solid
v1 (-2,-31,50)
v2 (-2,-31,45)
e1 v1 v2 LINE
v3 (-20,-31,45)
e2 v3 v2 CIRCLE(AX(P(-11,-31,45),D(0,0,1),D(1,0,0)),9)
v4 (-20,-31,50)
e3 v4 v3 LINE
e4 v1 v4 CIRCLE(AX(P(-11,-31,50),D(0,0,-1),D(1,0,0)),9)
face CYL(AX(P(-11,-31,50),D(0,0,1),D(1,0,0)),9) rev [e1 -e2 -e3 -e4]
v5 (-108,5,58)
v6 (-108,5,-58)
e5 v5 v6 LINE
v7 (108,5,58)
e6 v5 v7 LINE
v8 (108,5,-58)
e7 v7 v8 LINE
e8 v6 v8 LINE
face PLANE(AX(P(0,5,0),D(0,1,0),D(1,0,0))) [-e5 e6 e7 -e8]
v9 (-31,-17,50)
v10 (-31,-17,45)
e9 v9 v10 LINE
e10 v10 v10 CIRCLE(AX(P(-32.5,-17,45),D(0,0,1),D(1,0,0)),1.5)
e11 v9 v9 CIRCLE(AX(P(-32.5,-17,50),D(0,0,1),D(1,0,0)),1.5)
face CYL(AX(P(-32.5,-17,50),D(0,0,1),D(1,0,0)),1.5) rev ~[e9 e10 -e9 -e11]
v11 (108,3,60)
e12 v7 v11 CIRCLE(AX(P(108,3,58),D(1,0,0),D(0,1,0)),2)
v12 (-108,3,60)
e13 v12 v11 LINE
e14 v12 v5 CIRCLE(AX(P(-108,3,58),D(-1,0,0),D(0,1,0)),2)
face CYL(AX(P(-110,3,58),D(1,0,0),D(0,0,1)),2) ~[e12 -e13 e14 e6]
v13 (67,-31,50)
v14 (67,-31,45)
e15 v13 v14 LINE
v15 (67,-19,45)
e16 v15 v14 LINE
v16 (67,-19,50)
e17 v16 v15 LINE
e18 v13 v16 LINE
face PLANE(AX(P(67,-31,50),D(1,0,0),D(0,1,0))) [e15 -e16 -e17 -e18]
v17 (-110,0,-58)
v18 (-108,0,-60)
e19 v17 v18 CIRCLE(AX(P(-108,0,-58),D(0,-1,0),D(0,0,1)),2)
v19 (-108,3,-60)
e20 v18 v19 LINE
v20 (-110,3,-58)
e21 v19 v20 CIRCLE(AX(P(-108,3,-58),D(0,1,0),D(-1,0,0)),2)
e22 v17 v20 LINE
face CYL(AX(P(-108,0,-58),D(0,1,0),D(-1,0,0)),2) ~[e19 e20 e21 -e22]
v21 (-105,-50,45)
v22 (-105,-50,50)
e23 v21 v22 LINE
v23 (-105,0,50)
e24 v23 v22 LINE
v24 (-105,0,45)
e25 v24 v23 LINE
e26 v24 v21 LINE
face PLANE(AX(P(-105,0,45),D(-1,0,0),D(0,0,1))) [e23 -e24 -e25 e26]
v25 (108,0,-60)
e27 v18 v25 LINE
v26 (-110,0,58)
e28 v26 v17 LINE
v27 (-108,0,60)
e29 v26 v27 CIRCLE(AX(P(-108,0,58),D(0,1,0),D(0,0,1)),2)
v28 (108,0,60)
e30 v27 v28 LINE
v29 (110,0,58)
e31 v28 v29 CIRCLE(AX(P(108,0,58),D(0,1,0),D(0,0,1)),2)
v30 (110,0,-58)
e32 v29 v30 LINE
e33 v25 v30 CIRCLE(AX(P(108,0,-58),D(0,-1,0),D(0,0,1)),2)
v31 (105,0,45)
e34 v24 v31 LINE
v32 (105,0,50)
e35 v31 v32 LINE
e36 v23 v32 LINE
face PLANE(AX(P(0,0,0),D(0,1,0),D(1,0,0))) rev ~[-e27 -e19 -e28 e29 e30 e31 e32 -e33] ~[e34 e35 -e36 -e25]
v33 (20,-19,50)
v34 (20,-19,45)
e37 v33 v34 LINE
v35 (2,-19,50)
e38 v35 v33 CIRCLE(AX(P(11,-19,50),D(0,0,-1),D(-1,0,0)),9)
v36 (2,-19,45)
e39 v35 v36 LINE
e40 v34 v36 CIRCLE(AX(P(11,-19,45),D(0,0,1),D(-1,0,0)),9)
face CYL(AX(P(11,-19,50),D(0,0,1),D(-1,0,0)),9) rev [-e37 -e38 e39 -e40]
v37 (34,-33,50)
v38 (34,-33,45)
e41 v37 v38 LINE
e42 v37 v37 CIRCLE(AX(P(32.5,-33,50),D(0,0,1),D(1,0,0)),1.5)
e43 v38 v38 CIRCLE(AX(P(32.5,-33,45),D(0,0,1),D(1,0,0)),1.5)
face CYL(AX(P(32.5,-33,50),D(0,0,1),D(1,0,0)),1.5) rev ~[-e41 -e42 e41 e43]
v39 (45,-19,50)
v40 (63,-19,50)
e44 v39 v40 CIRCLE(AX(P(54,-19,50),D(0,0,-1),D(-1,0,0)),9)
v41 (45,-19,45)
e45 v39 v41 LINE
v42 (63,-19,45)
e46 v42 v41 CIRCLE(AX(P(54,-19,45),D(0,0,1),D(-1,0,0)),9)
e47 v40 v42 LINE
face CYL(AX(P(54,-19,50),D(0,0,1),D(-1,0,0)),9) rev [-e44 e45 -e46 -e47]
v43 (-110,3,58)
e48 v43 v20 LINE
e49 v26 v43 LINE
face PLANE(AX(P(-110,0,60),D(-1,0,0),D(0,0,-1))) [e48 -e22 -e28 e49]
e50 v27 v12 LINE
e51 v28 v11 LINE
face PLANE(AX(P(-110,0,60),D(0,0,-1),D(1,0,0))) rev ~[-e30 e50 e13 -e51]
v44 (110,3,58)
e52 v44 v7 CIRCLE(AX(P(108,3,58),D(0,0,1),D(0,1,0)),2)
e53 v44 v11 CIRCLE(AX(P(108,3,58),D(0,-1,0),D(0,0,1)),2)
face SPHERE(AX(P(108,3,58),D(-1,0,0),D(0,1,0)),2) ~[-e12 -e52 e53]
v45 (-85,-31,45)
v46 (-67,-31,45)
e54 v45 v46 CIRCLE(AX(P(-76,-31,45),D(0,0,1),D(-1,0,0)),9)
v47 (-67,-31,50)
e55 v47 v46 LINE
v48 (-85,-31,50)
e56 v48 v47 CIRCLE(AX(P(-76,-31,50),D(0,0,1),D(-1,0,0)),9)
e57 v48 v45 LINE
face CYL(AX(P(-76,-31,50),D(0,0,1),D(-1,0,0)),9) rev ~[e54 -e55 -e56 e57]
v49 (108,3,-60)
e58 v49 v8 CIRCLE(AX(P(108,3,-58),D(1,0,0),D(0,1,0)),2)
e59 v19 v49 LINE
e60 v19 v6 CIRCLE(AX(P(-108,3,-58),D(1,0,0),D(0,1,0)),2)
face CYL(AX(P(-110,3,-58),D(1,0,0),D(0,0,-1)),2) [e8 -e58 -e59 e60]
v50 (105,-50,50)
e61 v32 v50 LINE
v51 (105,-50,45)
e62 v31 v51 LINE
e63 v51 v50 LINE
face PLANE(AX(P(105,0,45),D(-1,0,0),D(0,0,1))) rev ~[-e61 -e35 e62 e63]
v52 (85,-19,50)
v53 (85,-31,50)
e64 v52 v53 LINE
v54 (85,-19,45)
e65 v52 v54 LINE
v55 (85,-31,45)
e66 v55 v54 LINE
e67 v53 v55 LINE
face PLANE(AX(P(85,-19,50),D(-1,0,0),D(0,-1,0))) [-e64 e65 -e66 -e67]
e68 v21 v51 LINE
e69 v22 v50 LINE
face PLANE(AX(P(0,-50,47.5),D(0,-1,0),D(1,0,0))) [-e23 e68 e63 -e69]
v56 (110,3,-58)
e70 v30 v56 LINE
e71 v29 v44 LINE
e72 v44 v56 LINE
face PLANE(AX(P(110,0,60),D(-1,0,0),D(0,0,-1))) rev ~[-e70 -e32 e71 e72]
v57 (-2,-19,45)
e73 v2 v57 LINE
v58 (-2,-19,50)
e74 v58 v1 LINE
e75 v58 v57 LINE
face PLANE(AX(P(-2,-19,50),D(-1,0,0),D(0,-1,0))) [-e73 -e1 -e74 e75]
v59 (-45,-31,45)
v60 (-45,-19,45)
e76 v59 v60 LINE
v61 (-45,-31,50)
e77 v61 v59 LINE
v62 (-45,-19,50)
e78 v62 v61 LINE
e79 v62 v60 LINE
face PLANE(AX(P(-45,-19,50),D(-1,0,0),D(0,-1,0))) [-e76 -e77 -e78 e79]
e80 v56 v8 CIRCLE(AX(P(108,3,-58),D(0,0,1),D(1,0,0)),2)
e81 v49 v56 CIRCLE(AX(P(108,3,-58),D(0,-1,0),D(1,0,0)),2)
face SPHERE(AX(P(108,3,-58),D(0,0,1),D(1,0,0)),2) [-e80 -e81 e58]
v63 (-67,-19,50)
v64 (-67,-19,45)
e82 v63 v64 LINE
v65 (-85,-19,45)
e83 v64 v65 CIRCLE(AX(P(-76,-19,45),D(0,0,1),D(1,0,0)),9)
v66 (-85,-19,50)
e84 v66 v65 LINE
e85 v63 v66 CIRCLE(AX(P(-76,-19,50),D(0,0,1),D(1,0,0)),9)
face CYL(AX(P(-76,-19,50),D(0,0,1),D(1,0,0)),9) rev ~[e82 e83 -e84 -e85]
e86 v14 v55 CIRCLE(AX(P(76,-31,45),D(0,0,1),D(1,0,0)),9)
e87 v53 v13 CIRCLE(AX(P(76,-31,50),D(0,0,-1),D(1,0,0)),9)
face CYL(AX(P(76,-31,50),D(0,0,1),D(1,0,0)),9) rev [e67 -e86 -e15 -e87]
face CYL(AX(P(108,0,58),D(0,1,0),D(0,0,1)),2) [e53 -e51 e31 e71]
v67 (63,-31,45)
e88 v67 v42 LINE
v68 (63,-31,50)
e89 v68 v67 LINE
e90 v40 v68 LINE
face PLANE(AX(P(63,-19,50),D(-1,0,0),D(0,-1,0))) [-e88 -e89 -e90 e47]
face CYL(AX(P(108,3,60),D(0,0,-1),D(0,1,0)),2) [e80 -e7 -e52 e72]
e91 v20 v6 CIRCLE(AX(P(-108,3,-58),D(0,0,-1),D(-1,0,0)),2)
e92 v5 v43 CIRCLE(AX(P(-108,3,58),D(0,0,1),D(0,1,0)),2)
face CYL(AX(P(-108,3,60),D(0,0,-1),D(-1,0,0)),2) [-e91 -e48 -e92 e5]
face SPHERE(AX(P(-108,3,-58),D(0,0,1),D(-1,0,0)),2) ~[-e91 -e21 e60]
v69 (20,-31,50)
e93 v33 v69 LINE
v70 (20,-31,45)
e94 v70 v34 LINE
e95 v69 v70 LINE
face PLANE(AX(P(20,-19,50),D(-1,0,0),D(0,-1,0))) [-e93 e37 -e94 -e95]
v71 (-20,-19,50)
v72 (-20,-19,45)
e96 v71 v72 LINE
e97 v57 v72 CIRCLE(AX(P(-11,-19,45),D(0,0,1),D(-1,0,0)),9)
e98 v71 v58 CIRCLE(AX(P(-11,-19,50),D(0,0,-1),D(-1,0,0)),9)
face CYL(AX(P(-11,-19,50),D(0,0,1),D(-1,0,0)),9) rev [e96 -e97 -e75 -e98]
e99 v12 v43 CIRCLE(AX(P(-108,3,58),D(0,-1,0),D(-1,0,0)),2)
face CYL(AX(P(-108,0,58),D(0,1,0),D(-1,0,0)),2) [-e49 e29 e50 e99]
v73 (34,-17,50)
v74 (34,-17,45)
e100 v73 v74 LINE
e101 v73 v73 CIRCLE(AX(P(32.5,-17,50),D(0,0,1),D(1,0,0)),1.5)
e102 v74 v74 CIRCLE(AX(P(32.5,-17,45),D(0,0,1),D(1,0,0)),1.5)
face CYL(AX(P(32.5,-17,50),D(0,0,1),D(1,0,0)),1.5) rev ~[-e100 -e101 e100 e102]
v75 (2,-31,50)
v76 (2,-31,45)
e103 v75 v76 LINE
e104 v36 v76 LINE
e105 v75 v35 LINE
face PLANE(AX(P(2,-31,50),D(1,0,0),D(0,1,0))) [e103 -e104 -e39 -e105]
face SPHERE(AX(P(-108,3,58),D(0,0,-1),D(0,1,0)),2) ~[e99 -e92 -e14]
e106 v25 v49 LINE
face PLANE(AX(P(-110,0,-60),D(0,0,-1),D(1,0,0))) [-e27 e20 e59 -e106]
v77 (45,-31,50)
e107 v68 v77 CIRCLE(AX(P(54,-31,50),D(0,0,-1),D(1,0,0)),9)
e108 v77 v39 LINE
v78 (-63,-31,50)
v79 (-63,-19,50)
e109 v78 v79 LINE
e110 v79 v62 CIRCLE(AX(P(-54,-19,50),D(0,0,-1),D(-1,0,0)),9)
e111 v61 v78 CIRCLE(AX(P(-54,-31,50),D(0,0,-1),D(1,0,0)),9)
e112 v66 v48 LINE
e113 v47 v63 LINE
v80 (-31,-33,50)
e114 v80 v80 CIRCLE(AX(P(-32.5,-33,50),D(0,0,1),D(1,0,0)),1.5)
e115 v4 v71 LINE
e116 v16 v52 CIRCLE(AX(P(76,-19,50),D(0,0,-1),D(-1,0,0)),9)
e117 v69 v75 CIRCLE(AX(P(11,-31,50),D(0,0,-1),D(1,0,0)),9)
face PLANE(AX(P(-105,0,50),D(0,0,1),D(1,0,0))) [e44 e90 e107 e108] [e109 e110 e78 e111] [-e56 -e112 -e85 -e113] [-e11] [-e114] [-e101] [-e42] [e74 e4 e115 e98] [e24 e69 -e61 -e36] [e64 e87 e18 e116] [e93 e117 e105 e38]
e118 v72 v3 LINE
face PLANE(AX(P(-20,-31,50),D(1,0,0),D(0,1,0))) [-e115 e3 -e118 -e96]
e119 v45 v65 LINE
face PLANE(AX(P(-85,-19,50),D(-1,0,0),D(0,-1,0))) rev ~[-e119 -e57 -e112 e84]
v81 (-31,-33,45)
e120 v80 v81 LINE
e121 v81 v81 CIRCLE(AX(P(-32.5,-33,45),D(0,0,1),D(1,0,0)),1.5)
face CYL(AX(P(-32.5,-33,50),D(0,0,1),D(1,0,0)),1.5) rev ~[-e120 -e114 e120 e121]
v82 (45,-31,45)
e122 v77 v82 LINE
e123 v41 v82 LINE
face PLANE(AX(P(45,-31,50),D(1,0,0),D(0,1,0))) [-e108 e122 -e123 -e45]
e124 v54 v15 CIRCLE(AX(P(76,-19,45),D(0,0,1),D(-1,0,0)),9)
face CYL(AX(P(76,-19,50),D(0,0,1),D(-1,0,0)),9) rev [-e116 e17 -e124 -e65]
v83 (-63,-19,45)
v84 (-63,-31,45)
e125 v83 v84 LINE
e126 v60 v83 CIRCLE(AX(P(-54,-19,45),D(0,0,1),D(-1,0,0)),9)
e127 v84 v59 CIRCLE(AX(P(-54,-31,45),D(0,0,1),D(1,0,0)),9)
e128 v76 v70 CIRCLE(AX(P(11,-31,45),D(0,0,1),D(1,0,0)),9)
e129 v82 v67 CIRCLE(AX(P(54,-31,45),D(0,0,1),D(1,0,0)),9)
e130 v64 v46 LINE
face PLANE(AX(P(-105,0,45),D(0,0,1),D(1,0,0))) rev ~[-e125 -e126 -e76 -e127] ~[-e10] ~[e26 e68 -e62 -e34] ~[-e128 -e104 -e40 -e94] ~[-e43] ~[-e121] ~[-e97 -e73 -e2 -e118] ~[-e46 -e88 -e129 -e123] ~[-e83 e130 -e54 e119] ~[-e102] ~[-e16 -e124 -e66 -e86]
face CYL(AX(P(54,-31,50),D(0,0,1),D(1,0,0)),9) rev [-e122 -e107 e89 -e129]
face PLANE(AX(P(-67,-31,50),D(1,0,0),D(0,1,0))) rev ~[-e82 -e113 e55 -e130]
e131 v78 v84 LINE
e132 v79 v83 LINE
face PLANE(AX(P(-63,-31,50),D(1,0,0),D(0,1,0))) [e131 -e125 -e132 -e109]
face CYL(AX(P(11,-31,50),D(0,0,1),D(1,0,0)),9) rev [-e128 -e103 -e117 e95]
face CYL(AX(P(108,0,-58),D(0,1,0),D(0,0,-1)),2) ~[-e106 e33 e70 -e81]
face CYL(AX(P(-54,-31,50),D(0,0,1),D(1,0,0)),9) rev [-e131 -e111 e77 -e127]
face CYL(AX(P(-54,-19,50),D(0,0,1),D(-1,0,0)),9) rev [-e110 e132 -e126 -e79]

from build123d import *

# Parameters (mm, degrees)
CROQUIS1_W              = 220
CROQUIS1_H              = 120
SALIENTE_EXTRUIR1_DEPTH = 5
CROQUIS2_W              = 210
CROQUIS2_H              = 5
SALIENTE_EXTRUIR2_DEPTH = 50
CORTAR_EXTRUIR1_REACH   = 165.401
REDONDEO1_R             = 2
CORTAR_EXTRUIR3_REACH   = 165.401
CROQUIS11_R             = 1.5


with BuildPart() as part:
    # Croquis1 → Saliente-Extruir1 (new body)
    with BuildSketch(Plane(origin=(0, 0, 0), x_dir=(1, 0, 0), z_dir=(0, 1, 0))):
        Rectangle(CROQUIS1_W, CROQUIS1_H)
    extrude(amount=SALIENTE_EXTRUIR1_DEPTH)

    # Croquis2 → Saliente-Extruir2 (add)
    with BuildSketch(Plane.XZ):
        with Locations((0, 47.5)):
            Rectangle(CROQUIS2_W, CROQUIS2_H)
    extrude(amount=SALIENTE_EXTRUIR2_DEPTH)

    # Croquis3 → Cortar-Extruir1 (cut, up to next)
    with BuildSketch(Plane.XY.offset(50), mode=Mode.PRIVATE) as cortar_extruir1_sk1:
        with BuildLine():
            Line((-45, -19), (-45, -31))
            ThreePointArc((-45, -31), (-54, -40), (-63, -31))
            Line((-63, -31), (-63, -19))
            ThreePointArc((-63, -19), (-54, -10), (-45, -19))
        make_face()
    cortar_extruir1_tool1 = extrude(cortar_extruir1_sk1.sketch, amount=-CORTAR_EXTRUIR1_REACH, mode=Mode.PRIVATE) & part.part
    # Croquis3 → Cortar-Extruir1 (cut, up to next)
    with BuildSketch(Plane.XY.offset(50), mode=Mode.PRIVATE) as cortar_extruir1_sk2:
        with BuildLine():
            Line((-85, -19), (-85, -31))
            ThreePointArc((-85, -31), (-76, -40), (-67, -31))
            Line((-67, -31), (-67, -19))
            ThreePointArc((-67, -19), (-76, -10), (-85, -19))
        make_face()
    cortar_extruir1_tool2 = extrude(cortar_extruir1_sk2.sketch, amount=-CORTAR_EXTRUIR1_REACH, mode=Mode.PRIVATE) & part.part
    # Croquis3 → Cortar-Extruir1 (cut, up to next)
    with BuildSketch(Plane.XY.offset(50), mode=Mode.PRIVATE) as cortar_extruir1_sk3:
        with BuildLine():
            Line((20, -19), (20, -31))
            ThreePointArc((20, -31), (11, -40), (2, -31))
            Line((2, -31), (2, -19))
            ThreePointArc((2, -19), (11, -10), (20, -19))
        make_face()
    cortar_extruir1_tool3 = extrude(cortar_extruir1_sk3.sketch, amount=-CORTAR_EXTRUIR1_REACH, mode=Mode.PRIVATE) & part.part
    # Croquis3 → Cortar-Extruir1 (cut, up to next)
    with BuildSketch(Plane.XY.offset(50), mode=Mode.PRIVATE) as cortar_extruir1_sk4:
        with BuildLine():
            Line((-2, -19), (-2, -31))
            ThreePointArc((-2, -31), (-11, -40), (-20, -31))
            Line((-20, -31), (-20, -19))
            ThreePointArc((-20, -19), (-11, -10), (-2, -19))
        make_face()
    cortar_extruir1_tool4 = extrude(cortar_extruir1_sk4.sketch, amount=-CORTAR_EXTRUIR1_REACH, mode=Mode.PRIVATE) & part.part
    # Croquis3 → Cortar-Extruir1 (cut, up to next)
    with BuildSketch(Plane.XY.offset(50), mode=Mode.PRIVATE) as cortar_extruir1_sk5:
        with BuildLine():
            Line((85, -19), (85, -31))
            ThreePointArc((85, -31), (76, -40), (67, -31))
            Line((67, -31), (67, -19))
            ThreePointArc((67, -19), (76, -10), (85, -19))
        make_face()
    cortar_extruir1_tool5 = extrude(cortar_extruir1_sk5.sketch, amount=-CORTAR_EXTRUIR1_REACH, mode=Mode.PRIVATE) & part.part
    # Croquis3 → Cortar-Extruir1 (cut, up to next)
    with BuildSketch(Plane.XY.offset(50), mode=Mode.PRIVATE) as cortar_extruir1_sk6:
        with BuildLine():
            Line((63, -19), (63, -31))
            ThreePointArc((63, -31), (54, -40), (45, -31))
            Line((45, -31), (45, -19))
            ThreePointArc((45, -19), (54, -10), (63, -19))
        make_face()
    cortar_extruir1_tool6 = extrude(cortar_extruir1_sk6.sketch, amount=-CORTAR_EXTRUIR1_REACH, mode=Mode.PRIVATE) & part.part
    add(cortar_extruir1_tool1.solids().sort_by_distance((-54, -25, 50))[0], mode=Mode.SUBTRACT)
    add(cortar_extruir1_tool2.solids().sort_by_distance((-76, -25, 50))[0], mode=Mode.SUBTRACT)
    add(cortar_extruir1_tool3.solids().sort_by_distance((11, -25, 50))[0], mode=Mode.SUBTRACT)
    add(cortar_extruir1_tool4.solids().sort_by_distance((-11, -25, 50))[0], mode=Mode.SUBTRACT)
    add(cortar_extruir1_tool5.solids().sort_by_distance((76, -25, 50))[0], mode=Mode.SUBTRACT)
    add(cortar_extruir1_tool6.solids().sort_by_distance((54, -25, 50))[0], mode=Mode.SUBTRACT)

    # Redondeo1
    redondeo1_edges = [part.edges().sort_by_distance(p)[0] for p in [
        (-110, 5, 0),
        (0, 5, 60),
        (110, 5, 0),
        (110, 2.5, 60),
        (-110, 2.5, 60),
        (-110, 2.5, -60),
        (110, 2.5, -60),
        (0, 5, -60),
    ]]
    fillet(redondeo1_edges, radius=REDONDEO1_R)

    # Croquis11 → Cortar-Extruir3 (cut, up to next)
    with BuildSketch(Plane.XY.offset(50), mode=Mode.PRIVATE) as cortar_extruir3_sk1:
        with Locations((-32.5, -17)):
            Circle(CROQUIS11_R)
    cortar_extruir3_tool1 = extrude(cortar_extruir3_sk1.sketch, amount=-CORTAR_EXTRUIR3_REACH, mode=Mode.PRIVATE) & part.part
    # Croquis11 → Cortar-Extruir3 (cut, up to next)
    with BuildSketch(Plane.XY.offset(50), mode=Mode.PRIVATE) as cortar_extruir3_sk2:
        with Locations((-32.5, -33)):
            Circle(CROQUIS11_R)
    cortar_extruir3_tool2 = extrude(cortar_extruir3_sk2.sketch, amount=-CORTAR_EXTRUIR3_REACH, mode=Mode.PRIVATE) & part.part
    # Croquis11 → Cortar-Extruir3 (cut, up to next)
    with BuildSketch(Plane.XY.offset(50), mode=Mode.PRIVATE) as cortar_extruir3_sk3:
        with Locations((32.5, -17)):
            Circle(CROQUIS11_R)
    cortar_extruir3_tool3 = extrude(cortar_extruir3_sk3.sketch, amount=-CORTAR_EXTRUIR3_REACH, mode=Mode.PRIVATE) & part.part
    # Croquis11 → Cortar-Extruir3 (cut, up to next)
    with BuildSketch(Plane.XY.offset(50), mode=Mode.PRIVATE) as cortar_extruir3_sk4:
        with Locations((32.5, -33)):
            Circle(CROQUIS11_R)
    cortar_extruir3_tool4 = extrude(cortar_extruir3_sk4.sketch, amount=-CORTAR_EXTRUIR3_REACH, mode=Mode.PRIVATE) & part.part
    add(cortar_extruir3_tool1.solids().sort_by_distance((-32.5, -17, 50))[0], mode=Mode.SUBTRACT)
    add(cortar_extruir3_tool2.solids().sort_by_distance((-32.5, -33, 50))[0], mode=Mode.SUBTRACT)
    add(cortar_extruir3_tool3.solids().sort_by_distance((32.5, -17, 50))[0], mode=Mode.SUBTRACT)
    add(cortar_extruir3_tool4.solids().sort_by_distance((32.5, -33, 50))[0], mode=Mode.SUBTRACT)


solid = part.part
